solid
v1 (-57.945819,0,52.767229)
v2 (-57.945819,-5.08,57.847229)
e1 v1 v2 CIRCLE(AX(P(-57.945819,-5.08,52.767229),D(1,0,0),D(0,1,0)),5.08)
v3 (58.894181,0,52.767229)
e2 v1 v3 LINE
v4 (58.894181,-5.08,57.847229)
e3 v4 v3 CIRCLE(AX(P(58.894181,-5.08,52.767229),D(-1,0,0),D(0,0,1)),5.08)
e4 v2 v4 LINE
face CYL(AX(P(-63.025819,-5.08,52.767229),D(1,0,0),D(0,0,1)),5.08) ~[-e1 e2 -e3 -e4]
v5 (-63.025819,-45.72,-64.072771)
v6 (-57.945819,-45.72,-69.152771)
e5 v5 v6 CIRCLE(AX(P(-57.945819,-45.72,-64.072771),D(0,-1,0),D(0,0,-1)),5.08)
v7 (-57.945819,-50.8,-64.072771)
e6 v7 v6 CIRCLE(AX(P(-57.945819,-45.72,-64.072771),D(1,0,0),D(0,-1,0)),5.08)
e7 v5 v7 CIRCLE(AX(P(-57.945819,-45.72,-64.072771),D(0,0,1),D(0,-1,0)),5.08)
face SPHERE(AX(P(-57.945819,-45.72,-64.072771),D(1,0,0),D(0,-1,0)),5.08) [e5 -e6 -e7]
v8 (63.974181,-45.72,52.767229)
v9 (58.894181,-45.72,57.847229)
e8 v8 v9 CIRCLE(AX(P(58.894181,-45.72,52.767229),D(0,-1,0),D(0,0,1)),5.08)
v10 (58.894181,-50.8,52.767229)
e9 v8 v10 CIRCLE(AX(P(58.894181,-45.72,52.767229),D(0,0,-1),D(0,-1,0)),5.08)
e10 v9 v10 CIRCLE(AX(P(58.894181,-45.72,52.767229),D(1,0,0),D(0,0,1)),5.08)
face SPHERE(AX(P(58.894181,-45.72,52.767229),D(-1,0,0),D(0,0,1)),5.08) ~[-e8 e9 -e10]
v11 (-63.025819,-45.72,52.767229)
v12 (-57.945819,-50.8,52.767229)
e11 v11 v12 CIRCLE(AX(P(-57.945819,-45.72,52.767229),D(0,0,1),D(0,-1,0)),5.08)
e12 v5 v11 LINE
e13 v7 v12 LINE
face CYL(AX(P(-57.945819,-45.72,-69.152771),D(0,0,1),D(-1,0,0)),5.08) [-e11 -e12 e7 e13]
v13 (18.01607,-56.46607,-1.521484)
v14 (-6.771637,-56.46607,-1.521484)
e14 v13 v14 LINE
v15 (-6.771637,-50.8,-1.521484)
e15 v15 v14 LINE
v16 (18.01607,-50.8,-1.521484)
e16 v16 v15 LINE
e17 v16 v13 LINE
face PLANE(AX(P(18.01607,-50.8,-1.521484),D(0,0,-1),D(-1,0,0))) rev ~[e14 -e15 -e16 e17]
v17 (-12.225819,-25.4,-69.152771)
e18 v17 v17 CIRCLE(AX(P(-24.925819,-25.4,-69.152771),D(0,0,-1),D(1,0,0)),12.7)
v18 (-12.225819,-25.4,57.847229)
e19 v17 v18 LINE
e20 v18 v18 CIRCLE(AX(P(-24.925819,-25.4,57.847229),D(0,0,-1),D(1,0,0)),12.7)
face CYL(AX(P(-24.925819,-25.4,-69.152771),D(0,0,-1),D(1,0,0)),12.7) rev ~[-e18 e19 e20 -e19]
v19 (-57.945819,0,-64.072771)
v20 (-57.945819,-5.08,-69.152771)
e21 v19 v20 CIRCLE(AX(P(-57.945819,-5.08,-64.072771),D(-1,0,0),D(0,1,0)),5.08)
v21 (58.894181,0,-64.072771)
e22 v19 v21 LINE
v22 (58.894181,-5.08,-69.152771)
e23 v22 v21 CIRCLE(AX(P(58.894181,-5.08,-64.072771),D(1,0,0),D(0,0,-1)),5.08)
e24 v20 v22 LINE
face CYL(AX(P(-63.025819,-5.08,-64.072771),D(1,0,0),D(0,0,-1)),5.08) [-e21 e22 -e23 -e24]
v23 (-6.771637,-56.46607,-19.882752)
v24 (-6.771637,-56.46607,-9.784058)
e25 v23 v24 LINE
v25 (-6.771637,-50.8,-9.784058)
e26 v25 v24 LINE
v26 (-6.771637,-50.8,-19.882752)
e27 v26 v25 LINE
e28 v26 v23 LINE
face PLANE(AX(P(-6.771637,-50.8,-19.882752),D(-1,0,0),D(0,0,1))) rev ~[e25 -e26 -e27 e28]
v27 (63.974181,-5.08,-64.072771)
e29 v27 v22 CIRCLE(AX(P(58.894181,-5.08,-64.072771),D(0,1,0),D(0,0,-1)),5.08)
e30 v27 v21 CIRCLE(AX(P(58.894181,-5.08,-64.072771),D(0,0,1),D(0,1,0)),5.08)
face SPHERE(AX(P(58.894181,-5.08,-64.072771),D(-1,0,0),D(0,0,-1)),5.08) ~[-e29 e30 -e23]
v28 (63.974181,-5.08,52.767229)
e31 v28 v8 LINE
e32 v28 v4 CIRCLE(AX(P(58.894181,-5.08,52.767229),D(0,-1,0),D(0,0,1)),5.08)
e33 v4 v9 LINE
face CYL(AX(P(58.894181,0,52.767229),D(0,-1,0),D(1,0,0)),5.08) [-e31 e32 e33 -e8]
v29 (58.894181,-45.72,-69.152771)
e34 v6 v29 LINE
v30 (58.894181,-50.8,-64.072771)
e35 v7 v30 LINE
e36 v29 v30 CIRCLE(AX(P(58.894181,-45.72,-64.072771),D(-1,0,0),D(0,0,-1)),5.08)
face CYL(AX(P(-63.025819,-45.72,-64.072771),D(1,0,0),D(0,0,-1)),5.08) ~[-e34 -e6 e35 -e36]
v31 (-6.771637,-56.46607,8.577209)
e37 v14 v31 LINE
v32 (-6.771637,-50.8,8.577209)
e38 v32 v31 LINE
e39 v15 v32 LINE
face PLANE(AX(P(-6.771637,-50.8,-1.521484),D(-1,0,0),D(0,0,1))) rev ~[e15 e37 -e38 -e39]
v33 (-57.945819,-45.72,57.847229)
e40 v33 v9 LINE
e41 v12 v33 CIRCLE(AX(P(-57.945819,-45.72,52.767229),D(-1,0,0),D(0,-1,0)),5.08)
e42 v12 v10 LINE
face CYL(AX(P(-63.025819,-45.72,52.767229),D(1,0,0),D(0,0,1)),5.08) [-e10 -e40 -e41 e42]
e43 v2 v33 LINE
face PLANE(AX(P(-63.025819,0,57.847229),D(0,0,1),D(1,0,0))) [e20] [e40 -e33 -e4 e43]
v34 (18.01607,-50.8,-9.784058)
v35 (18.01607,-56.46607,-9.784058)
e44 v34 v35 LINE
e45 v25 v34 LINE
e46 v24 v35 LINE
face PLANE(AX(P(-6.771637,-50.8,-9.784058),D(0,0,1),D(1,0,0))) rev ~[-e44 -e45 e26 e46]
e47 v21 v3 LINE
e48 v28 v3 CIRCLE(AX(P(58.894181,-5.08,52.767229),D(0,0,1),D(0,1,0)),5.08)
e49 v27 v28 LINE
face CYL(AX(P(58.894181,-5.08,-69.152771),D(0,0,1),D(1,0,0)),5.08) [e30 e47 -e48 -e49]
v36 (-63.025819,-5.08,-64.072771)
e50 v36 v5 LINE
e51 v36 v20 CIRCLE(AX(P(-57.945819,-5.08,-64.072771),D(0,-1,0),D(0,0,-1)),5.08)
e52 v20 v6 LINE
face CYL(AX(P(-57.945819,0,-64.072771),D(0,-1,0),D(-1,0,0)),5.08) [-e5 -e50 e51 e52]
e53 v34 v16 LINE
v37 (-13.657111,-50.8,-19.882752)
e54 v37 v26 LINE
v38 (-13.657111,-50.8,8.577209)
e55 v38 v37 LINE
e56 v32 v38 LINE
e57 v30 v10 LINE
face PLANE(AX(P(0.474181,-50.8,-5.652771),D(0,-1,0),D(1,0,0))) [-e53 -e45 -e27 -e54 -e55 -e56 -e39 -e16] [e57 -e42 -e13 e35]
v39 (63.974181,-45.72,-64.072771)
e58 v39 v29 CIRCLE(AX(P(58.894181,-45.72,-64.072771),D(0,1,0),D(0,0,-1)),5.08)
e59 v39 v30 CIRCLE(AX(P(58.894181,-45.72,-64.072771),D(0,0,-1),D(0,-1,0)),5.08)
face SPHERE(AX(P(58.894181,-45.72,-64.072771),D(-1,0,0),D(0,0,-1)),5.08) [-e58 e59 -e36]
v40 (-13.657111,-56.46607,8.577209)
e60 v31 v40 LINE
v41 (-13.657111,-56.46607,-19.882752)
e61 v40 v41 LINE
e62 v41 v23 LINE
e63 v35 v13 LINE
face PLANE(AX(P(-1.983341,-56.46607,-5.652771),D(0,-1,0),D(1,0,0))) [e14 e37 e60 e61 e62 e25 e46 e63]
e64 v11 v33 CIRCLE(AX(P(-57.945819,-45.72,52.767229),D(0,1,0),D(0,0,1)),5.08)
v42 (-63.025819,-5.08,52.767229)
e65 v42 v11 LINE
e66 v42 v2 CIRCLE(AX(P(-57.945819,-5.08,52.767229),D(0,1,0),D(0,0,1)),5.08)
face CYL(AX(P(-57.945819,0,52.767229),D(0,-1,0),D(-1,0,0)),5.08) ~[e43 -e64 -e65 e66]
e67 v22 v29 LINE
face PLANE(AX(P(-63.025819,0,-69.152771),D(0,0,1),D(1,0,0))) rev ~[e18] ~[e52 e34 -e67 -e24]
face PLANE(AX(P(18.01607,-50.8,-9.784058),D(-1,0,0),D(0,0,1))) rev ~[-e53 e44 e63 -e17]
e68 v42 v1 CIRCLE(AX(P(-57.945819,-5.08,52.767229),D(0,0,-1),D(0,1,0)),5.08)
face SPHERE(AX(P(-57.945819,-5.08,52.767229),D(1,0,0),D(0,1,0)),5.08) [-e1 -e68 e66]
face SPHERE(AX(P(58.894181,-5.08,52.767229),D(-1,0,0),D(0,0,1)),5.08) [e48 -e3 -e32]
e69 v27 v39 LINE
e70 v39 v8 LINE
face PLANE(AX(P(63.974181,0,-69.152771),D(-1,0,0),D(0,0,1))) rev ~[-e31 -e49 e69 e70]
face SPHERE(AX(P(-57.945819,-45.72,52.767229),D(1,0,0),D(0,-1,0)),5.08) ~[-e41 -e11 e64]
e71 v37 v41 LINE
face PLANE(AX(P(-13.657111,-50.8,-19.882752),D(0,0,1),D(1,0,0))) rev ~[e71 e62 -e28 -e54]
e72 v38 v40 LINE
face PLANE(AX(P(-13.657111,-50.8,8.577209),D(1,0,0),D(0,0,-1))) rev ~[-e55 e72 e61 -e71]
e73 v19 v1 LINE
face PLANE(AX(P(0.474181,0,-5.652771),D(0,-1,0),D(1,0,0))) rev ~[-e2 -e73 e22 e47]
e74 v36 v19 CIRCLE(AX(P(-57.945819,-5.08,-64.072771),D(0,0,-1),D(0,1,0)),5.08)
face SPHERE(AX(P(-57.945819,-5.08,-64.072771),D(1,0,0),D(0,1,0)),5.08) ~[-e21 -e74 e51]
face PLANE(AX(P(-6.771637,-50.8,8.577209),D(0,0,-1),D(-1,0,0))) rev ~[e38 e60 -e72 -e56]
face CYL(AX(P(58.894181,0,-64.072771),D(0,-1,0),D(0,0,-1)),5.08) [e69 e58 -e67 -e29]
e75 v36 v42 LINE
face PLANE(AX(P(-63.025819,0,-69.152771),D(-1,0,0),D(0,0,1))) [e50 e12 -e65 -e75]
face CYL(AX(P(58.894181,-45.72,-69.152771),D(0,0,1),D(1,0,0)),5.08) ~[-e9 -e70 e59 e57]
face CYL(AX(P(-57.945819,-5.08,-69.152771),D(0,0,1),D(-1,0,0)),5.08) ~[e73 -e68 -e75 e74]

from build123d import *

# Parameters (mm, degrees)
F0_W     = 127
F0_H     = 127
F1_DEPTH = 50.8
F2_R     = 5.08
F4_DEPTH = 5.66607
F6_DEPTH = 127.001


with BuildPart() as f1:
    # F0 (on Front) → F1 (new body)
    with BuildSketch(Plane.XZ):
        with Locations((0.4741810262, -5.6527711832)):
            Rectangle(F0_W, F0_H)
    extrude(amount=F1_DEPTH)

    # F2
    f2_edges = [f1.edges().sort_by_distance(p)[0] for p in [
        (0.474181, -50.8, -69.152771),
        (0.474181, 0, -69.152771),
        (0.474181, 0, 57.847229),
        (0.474181, -50.8, 57.847229),
        (-63.025819, -50.8, -5.652771),
        (-63.025819, 0, -5.652771),
        (-63.025819, -25.4, 57.847229),
        (-63.025819, -25.4, -69.152771),
        (63.974181, -25.4, -69.152771),
        (63.974181, -25.4, 57.847229),
        (63.974181, 0, -5.652771),
        (63.974181, -50.8, -5.652771),
    ]]
    fillet(f2_edges, radius=F2_R)

    # F3 (on face) → F4 (join)
    with BuildSketch(Plane.XZ.offset(50.8)):
        Polygon((-13.6571113464, 8.5772094634), (-13.6571113464, -19.8827518299), (-6.7716367987, -19.8827518299), (-6.7716367987, -9.7840579375), (18.0160704556, -9.7840579375), (18.0160704556, -1.521484429), (-6.7716367987, -1.521484429), (-6.7716367987, 8.5772094634), align=None)
    extrude(amount=F4_DEPTH)

    # F5 (on face) → F6 (cut, through all)
    with BuildSketch(Plane(origin=(0, 0, -69.1527711832), x_dir=(1, 0, 0), z_dir=(0, 0, -1))):
        with BuildLine():
            ThreePointArc((-37.6258189738, 25.4), (-24.9258189738, 12.7), (-12.2258189738, 25.4))
            ThreePointArc((-12.2258189738, 25.4), (-24.9258189738, 38.1), (-37.6258189738, 25.4))
        make_face()
    extrude(amount=-F6_DEPTH, mode=Mode.SUBTRACT)


solid = f1.part
